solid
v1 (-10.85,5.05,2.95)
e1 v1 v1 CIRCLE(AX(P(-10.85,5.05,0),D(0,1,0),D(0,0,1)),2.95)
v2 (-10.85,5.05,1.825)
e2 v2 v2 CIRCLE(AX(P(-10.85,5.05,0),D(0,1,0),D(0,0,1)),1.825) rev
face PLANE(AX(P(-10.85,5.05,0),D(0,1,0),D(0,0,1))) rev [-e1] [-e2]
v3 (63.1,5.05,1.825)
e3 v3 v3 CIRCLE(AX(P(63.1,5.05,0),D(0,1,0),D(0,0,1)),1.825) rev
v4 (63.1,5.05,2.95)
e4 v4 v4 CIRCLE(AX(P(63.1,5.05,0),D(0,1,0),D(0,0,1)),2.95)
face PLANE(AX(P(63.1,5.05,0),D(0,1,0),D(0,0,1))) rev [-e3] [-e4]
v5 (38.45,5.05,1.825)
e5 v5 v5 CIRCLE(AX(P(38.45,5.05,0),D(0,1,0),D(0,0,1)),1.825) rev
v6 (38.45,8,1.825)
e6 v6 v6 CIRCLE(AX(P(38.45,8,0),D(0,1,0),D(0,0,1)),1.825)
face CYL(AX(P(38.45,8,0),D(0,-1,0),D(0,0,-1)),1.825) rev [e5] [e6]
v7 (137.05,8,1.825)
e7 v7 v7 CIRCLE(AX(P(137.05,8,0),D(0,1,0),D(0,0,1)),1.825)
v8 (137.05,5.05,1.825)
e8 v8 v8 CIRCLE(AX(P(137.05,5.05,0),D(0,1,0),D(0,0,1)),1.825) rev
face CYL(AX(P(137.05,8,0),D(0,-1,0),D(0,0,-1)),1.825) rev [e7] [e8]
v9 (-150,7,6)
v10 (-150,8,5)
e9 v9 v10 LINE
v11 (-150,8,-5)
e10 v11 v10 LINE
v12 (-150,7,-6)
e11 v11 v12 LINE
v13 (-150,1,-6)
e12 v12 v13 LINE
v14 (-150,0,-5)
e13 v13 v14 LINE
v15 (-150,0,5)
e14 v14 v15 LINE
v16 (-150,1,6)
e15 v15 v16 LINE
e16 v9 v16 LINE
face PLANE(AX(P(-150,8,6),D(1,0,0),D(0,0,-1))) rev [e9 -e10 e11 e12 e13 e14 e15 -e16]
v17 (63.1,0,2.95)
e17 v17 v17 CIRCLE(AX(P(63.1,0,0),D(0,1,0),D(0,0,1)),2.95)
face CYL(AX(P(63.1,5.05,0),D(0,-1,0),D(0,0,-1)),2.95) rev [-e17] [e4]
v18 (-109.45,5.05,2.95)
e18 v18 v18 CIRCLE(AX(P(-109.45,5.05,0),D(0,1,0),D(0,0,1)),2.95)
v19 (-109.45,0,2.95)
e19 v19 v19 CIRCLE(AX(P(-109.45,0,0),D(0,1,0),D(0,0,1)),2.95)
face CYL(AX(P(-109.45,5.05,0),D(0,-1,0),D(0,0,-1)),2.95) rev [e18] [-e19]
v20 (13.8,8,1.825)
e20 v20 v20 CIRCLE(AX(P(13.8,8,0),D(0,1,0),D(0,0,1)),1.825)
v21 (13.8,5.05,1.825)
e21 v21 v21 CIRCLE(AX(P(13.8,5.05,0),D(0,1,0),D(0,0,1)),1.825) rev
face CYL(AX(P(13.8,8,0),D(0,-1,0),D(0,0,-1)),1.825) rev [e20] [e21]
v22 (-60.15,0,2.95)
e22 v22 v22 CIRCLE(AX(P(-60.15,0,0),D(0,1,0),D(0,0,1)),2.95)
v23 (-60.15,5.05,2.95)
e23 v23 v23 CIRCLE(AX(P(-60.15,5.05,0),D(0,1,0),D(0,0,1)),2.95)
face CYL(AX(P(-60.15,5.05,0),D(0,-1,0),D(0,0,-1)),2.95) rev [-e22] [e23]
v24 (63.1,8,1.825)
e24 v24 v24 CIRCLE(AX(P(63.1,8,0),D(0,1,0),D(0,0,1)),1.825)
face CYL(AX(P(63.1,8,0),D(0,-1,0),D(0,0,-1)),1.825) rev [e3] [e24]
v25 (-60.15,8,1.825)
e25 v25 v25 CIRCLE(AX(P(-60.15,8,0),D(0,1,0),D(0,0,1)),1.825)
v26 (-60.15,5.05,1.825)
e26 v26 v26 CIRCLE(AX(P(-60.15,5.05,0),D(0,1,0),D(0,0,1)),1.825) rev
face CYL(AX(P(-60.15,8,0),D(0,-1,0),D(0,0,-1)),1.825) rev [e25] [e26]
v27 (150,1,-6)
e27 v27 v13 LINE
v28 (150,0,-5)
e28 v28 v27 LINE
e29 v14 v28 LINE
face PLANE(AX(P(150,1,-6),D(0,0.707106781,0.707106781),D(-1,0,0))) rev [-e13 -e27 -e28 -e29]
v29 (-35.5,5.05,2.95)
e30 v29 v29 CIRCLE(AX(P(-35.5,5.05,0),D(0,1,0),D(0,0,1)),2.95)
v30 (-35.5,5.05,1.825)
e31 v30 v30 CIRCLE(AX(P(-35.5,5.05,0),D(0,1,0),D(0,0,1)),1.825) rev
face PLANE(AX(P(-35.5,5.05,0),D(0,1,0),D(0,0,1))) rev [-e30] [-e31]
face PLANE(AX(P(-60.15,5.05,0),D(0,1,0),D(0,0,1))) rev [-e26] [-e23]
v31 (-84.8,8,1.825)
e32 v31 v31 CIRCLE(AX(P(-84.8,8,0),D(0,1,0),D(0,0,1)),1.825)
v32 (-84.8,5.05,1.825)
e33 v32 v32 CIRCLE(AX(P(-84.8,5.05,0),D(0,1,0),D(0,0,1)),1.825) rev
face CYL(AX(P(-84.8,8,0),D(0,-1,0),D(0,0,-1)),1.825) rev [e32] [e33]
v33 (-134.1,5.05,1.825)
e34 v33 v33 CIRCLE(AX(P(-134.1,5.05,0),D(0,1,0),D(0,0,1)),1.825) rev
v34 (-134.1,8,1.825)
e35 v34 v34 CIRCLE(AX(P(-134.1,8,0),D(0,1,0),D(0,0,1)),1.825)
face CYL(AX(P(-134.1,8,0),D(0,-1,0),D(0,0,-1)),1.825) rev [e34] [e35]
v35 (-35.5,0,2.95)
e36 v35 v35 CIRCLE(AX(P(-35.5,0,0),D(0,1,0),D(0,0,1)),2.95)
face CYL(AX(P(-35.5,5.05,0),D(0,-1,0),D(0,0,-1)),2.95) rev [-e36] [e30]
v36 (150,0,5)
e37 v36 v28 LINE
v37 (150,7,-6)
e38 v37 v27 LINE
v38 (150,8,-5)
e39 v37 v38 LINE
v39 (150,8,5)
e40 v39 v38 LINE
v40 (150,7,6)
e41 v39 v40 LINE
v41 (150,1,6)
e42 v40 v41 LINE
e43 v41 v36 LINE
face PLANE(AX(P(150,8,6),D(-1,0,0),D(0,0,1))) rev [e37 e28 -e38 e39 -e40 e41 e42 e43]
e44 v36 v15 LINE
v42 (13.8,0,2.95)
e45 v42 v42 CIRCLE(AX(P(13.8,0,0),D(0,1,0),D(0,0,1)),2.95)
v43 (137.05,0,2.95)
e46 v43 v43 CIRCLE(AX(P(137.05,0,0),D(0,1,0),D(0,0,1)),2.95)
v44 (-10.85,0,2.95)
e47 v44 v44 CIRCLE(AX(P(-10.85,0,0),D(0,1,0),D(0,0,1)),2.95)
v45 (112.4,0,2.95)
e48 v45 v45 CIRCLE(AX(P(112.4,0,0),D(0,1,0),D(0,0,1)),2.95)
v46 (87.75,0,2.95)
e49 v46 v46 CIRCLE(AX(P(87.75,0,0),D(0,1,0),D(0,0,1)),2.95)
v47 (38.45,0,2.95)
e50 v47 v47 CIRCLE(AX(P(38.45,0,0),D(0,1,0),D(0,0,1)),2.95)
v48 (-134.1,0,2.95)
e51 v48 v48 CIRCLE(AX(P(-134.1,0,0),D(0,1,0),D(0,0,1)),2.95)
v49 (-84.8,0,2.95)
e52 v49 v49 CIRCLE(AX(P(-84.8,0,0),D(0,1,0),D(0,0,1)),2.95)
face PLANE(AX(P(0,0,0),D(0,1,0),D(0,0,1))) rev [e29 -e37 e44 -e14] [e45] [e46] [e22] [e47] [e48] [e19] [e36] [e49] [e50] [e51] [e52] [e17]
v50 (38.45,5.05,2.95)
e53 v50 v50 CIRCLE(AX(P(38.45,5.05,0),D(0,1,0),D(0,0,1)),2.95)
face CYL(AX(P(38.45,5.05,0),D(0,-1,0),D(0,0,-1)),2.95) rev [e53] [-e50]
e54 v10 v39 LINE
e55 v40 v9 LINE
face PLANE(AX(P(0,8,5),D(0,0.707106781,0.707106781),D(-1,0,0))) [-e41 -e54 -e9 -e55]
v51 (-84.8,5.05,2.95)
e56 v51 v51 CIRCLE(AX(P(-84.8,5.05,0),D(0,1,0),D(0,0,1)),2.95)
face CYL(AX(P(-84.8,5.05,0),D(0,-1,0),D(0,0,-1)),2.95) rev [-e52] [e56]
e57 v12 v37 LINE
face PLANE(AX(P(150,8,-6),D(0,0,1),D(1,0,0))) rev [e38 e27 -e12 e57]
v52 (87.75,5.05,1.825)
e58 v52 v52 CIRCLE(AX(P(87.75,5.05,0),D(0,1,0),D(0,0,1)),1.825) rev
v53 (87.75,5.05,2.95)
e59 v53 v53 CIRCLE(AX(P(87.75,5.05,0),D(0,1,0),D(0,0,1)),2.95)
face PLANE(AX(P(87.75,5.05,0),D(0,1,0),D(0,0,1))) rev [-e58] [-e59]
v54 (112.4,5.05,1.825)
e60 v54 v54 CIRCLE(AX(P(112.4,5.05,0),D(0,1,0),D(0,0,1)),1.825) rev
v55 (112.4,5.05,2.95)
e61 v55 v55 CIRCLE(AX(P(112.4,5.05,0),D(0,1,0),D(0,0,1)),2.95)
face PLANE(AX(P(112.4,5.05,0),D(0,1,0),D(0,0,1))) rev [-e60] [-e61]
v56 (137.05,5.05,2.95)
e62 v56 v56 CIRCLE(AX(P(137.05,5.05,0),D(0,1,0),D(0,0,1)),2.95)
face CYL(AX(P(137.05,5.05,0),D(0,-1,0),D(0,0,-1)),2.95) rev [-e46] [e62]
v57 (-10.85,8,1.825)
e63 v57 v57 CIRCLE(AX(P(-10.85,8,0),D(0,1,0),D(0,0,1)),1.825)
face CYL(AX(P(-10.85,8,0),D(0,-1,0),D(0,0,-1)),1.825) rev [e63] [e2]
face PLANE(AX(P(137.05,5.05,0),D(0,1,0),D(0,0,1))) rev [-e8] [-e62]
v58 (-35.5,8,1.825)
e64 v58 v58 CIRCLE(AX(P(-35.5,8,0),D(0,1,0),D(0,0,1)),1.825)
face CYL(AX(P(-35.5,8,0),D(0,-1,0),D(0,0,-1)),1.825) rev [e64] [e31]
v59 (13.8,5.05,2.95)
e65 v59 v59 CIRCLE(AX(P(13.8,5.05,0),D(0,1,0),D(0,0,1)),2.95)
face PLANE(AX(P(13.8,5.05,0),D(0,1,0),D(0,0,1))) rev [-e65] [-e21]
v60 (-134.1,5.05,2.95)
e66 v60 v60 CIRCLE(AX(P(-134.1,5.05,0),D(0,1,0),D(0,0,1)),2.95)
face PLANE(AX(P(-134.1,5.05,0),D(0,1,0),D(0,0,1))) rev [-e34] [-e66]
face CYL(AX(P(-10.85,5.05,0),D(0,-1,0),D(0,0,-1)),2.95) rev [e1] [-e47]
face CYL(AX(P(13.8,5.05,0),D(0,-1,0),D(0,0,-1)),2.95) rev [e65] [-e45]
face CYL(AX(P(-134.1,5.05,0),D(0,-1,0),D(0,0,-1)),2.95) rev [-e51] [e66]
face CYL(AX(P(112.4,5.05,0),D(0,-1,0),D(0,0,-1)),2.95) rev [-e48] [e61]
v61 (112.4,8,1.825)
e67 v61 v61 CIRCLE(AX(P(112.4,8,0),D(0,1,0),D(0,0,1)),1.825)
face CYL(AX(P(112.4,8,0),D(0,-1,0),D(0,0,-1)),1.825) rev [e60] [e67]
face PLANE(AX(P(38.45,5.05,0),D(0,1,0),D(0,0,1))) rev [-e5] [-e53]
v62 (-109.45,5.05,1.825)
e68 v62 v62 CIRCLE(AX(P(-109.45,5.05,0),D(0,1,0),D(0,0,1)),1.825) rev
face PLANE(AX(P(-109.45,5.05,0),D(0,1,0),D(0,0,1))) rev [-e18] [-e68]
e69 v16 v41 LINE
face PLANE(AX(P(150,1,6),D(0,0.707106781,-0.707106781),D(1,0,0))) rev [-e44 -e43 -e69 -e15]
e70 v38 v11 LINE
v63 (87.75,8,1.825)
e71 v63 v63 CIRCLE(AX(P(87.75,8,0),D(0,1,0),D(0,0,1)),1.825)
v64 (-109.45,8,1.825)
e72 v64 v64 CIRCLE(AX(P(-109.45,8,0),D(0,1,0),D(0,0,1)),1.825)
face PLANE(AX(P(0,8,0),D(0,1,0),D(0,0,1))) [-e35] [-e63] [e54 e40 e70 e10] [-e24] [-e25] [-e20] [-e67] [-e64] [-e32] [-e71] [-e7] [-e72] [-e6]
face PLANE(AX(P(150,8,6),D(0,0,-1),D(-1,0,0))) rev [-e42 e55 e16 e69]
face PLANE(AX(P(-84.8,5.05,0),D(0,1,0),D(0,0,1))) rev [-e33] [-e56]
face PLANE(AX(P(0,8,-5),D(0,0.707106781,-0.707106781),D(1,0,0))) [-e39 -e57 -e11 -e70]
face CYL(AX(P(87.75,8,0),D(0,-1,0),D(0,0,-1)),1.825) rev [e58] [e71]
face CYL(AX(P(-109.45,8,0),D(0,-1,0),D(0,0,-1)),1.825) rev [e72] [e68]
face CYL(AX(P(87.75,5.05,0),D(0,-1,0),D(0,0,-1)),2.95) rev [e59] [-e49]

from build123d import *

# Parameters (mm, degrees)
SKETCH1_W           = 300
SKETCH1_H           = 12
BOSS_EXTRUDE1_DEPTH = 8
CHAMFER1_SIZE       = 1
SKETCH2_R           = 2.95
CUT_EXTRUDE1_DEPTH  = 5.05
SKETCH3_R           = 1.825
CUT_EXTRUDE2_DEPTH  = 151.332963784
LPATTERN2_COUNT     = 12
LPATTERN2_PITCH     = 24.65


with BuildPart() as part:
    # Sketch1 → Boss-Extrude1 (new body)
    with BuildSketch(Plane(origin=(0, 0, 0), x_dir=(1, 0, 0), z_dir=(0, 1, 0))):
        Rectangle(SKETCH1_W, SKETCH1_H)
    extrude(amount=BOSS_EXTRUDE1_DEPTH)

    # Chamfer1
    chamfer1_edges = [part.edges().sort_by_distance(p)[0] for p in [
        (0, 8, -6),
        (0, 0, -6),
        (0, 0, 6),
        (0, 8, 6),
    ]]
    chamfer(chamfer1_edges, length=CHAMFER1_SIZE)

    # Sketch2 → Cut-Extrude1 (cut)
    with BuildSketch(Plane(origin=(0, 0, 0), x_dir=(1, 0, 0), z_dir=(0, 1, 0))):
        with Locations(Location((137.05, 0, 0), (0, 0, 270))):
            Circle(SKETCH2_R)
    cut_extrude1 = extrude(amount=CUT_EXTRUDE1_DEPTH, mode=Mode.SUBTRACT)

    # Sketch3 → Cut-Extrude2 (cut, through all)
    with BuildSketch(Plane(origin=(0, 0, 0), x_dir=(1, 0, 0), z_dir=(0, 1, 0))):
        with Locations(Location((137.05, 0, 0), (0, 0, 270))):
            Circle(SKETCH3_R)
    cut_extrude2 = extrude(amount=CUT_EXTRUDE2_DEPTH, mode=Mode.SUBTRACT)

    # LPattern2: Cut-Extrude1, Cut-Extrude2 ×12
    with Locations(*[(-i * LPATTERN2_PITCH, 0, 0) for i in range(1, LPATTERN2_COUNT)]):
        add(cut_extrude1, mode=Mode.SUBTRACT)
        add(cut_extrude2, mode=Mode.SUBTRACT)


solid = part.part
